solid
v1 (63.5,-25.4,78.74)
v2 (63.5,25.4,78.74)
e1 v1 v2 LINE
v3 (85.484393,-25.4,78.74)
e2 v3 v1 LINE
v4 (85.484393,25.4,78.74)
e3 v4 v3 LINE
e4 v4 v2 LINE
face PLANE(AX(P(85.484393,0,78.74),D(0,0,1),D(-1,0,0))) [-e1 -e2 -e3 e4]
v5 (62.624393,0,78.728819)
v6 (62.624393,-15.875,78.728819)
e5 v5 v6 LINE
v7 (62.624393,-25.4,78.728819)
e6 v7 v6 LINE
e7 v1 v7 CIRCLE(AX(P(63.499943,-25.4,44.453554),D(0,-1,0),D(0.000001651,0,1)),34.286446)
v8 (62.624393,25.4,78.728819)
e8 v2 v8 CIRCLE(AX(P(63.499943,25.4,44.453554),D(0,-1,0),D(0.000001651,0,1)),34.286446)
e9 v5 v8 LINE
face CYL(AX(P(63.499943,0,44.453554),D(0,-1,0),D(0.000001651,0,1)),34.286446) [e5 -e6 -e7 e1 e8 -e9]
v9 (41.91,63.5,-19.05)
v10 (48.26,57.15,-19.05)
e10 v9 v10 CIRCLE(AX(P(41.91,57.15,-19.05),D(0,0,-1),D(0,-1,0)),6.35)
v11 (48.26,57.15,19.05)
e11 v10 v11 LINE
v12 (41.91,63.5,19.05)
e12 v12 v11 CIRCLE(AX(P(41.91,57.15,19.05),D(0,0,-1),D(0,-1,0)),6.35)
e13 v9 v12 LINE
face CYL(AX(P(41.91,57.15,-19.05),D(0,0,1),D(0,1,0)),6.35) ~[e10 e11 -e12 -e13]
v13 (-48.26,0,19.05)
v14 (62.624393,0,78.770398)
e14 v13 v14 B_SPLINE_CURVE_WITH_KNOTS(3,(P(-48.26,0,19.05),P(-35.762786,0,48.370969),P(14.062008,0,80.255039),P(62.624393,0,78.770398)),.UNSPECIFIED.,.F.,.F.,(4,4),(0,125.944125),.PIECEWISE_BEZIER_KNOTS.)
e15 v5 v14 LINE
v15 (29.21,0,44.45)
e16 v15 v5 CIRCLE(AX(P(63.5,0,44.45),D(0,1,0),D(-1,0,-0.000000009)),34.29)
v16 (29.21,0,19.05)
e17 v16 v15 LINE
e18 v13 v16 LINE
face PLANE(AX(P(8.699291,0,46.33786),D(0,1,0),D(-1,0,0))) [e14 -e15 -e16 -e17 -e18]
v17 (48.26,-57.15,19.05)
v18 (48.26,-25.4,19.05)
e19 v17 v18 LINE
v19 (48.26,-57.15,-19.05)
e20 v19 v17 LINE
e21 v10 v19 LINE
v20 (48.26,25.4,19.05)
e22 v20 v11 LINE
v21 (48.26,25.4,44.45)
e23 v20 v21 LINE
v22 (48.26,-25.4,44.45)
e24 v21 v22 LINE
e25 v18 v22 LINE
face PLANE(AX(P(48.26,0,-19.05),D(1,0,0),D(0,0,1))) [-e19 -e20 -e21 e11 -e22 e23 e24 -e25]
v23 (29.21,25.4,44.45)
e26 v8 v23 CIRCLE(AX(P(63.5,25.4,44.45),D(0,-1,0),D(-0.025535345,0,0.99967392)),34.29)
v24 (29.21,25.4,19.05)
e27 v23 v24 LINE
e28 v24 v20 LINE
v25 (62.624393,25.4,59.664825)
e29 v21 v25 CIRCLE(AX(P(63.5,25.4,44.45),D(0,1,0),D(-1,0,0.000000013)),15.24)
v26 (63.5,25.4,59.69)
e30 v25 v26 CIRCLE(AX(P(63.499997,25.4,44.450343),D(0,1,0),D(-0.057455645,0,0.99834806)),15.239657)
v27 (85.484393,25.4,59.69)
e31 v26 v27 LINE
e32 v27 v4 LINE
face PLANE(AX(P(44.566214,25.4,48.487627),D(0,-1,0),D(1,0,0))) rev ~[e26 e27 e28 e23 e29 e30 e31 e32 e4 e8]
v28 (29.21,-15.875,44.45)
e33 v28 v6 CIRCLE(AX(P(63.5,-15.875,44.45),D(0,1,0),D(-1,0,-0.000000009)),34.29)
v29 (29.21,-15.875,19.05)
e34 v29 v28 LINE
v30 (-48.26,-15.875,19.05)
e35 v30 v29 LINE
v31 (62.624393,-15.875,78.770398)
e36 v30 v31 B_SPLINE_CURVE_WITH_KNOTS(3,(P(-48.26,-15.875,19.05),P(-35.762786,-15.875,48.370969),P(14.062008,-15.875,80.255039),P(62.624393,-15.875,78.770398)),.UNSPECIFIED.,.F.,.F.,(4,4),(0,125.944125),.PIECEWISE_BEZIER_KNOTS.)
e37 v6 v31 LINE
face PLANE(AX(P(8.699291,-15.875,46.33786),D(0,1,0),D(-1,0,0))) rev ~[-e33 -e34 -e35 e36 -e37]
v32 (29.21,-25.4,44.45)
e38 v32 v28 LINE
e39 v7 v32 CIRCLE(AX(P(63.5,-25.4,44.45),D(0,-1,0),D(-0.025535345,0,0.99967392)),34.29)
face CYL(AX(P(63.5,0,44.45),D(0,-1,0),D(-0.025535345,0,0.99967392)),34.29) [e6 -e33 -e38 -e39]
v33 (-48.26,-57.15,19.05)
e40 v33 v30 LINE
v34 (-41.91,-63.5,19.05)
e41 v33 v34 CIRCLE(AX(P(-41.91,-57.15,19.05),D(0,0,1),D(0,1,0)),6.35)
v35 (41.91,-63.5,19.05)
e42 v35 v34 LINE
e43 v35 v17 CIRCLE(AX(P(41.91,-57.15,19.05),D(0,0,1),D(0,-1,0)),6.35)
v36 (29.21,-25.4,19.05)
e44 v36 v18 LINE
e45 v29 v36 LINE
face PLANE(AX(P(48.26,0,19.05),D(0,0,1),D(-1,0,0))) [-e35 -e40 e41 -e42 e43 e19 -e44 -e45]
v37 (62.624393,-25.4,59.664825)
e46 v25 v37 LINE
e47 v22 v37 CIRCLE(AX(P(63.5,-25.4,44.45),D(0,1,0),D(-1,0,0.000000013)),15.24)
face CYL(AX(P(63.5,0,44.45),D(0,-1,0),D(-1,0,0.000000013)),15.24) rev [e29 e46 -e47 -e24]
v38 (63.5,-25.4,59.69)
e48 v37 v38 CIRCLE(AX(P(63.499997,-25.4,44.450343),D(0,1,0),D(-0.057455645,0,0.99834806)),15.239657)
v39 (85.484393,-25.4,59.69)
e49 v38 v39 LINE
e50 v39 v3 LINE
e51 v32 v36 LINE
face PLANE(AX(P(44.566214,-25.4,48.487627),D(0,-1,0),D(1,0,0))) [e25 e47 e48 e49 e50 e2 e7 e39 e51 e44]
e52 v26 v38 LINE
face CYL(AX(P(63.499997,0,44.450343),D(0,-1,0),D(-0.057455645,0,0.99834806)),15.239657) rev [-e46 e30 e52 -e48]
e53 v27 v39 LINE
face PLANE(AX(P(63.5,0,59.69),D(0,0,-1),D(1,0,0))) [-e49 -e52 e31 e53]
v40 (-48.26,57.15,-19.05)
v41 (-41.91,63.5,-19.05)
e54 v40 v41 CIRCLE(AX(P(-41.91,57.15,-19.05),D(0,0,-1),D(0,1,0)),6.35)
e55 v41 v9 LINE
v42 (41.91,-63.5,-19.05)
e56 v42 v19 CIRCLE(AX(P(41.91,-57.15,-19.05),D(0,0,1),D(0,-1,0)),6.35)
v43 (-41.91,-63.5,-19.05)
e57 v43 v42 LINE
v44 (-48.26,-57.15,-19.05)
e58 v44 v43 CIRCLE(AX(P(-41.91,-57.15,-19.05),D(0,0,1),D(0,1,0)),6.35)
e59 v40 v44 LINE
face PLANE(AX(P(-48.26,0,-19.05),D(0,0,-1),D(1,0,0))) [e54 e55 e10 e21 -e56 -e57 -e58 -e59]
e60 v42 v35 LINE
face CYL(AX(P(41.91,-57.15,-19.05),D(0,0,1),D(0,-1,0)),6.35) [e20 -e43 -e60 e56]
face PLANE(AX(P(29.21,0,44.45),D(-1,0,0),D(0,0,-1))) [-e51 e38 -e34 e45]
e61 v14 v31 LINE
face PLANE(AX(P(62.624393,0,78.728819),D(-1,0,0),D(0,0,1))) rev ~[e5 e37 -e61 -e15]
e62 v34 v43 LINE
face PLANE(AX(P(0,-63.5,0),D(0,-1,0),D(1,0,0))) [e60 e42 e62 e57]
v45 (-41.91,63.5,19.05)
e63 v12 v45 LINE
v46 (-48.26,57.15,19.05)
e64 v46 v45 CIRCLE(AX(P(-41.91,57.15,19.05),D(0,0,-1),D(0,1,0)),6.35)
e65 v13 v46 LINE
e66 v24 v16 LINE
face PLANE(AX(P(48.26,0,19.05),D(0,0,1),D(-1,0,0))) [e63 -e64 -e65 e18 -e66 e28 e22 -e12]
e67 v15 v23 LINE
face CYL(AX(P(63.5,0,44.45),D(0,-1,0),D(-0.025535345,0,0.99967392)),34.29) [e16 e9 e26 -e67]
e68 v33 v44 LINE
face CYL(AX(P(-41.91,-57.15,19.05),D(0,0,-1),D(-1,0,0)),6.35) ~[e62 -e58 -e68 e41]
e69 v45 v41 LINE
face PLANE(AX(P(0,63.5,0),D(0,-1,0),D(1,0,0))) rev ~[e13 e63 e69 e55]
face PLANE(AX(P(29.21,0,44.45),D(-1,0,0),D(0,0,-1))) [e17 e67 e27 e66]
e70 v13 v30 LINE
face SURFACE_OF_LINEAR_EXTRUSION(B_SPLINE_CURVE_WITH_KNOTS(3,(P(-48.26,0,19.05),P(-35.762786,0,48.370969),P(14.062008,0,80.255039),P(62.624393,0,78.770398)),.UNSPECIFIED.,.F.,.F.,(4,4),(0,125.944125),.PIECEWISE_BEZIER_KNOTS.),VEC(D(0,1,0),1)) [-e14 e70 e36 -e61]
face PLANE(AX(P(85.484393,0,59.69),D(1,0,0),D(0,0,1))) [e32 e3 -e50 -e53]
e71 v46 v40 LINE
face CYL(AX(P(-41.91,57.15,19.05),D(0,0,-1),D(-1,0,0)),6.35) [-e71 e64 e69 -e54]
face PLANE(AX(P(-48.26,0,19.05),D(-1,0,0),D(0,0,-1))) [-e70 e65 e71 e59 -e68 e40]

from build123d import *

# Parameters (mm, degrees)
F1_DEPTH = 63.5
F2_DEPTH = 25.4
F3_DEPTH = 15.875
F4_R     = 6.35


with BuildPart() as f1:
    # F0 (on Front) → F1 (new body, symmetric)
    with BuildSketch(Plane.XZ):
        Polygon((29.21, 19.05), (-48.26, 19.05), (-48.26, -19.05), (48.26, -19.05), (48.26, 19.05), align=None)
    extrude(amount=F1_DEPTH, both=True)

    # F0 (on Front) → F2 (join, symmetric)
    with BuildSketch(Plane.XZ):
        with BuildLine():
            Line((29.21, 44.45), (29.21, 19.05))
            Line((29.21, 19.05), (48.26, 19.05))
            Line((48.26, 19.05), (48.26, 44.45))
            ThreePointArc((48.26, 44.45), (52.418442, 54.912154), (62.624393, 59.664825))
            Line((62.624393, 59.664825), (62.624393, 78.728819))
            ThreePointArc((62.624393, 78.728819), (38.945686, 68.385116), (29.21, 44.45))
        make_face()
        with BuildLine():
            ThreePointArc((63.5, 78.74), (63.062161, 78.737205), (62.624393, 78.728819))
            Line((62.624393, 78.728819), (62.624393, 59.664825))
            ThreePointArc((62.624393, 59.664825), (63.062016, 59.683705), (63.5, 59.69))
            Line((63.5, 59.69), (85.484393, 59.69))
            Line((85.484393, 59.69), (85.484393, 78.74))
            Line((85.484393, 78.74), (63.5, 78.74))
        make_face()
    extrude(amount=F2_DEPTH, both=True)

    # F0 (on Front) → F3 (join)
    with BuildSketch(Plane.XZ):
        with BuildLine():
            add(Edge.make_bspline(
                [(-48.26, 19.05), (-35.762786, 48.370969), (14.062008, 80.255039), (62.624393, 78.770398)],
                knots=[0, 0, 0, 0, 125.944125, 125.944125, 125.944125, 125.944125], degree=3))
            Line((-48.26, 19.05), (29.21, 19.05))
            Line((29.21, 19.05), (29.21, 44.45))
            ThreePointArc((29.21, 44.45), (38.945686, 68.385116), (62.624393, 78.728819))
            Line((62.624393, 78.728819), (62.624393, 78.770398))
        make_face()
    extrude(amount=F3_DEPTH)

    # F4
    f4_edges = [f1.edges().sort_by_distance(p)[0] for p in [
        (48.26, -63.5, 0),
        (-48.26, -63.5, 0),
        (48.26, 63.5, 0),
        (-48.26, 63.5, 0),
    ]]
    fillet(f4_edges, radius=F4_R)


solid = f1.part
